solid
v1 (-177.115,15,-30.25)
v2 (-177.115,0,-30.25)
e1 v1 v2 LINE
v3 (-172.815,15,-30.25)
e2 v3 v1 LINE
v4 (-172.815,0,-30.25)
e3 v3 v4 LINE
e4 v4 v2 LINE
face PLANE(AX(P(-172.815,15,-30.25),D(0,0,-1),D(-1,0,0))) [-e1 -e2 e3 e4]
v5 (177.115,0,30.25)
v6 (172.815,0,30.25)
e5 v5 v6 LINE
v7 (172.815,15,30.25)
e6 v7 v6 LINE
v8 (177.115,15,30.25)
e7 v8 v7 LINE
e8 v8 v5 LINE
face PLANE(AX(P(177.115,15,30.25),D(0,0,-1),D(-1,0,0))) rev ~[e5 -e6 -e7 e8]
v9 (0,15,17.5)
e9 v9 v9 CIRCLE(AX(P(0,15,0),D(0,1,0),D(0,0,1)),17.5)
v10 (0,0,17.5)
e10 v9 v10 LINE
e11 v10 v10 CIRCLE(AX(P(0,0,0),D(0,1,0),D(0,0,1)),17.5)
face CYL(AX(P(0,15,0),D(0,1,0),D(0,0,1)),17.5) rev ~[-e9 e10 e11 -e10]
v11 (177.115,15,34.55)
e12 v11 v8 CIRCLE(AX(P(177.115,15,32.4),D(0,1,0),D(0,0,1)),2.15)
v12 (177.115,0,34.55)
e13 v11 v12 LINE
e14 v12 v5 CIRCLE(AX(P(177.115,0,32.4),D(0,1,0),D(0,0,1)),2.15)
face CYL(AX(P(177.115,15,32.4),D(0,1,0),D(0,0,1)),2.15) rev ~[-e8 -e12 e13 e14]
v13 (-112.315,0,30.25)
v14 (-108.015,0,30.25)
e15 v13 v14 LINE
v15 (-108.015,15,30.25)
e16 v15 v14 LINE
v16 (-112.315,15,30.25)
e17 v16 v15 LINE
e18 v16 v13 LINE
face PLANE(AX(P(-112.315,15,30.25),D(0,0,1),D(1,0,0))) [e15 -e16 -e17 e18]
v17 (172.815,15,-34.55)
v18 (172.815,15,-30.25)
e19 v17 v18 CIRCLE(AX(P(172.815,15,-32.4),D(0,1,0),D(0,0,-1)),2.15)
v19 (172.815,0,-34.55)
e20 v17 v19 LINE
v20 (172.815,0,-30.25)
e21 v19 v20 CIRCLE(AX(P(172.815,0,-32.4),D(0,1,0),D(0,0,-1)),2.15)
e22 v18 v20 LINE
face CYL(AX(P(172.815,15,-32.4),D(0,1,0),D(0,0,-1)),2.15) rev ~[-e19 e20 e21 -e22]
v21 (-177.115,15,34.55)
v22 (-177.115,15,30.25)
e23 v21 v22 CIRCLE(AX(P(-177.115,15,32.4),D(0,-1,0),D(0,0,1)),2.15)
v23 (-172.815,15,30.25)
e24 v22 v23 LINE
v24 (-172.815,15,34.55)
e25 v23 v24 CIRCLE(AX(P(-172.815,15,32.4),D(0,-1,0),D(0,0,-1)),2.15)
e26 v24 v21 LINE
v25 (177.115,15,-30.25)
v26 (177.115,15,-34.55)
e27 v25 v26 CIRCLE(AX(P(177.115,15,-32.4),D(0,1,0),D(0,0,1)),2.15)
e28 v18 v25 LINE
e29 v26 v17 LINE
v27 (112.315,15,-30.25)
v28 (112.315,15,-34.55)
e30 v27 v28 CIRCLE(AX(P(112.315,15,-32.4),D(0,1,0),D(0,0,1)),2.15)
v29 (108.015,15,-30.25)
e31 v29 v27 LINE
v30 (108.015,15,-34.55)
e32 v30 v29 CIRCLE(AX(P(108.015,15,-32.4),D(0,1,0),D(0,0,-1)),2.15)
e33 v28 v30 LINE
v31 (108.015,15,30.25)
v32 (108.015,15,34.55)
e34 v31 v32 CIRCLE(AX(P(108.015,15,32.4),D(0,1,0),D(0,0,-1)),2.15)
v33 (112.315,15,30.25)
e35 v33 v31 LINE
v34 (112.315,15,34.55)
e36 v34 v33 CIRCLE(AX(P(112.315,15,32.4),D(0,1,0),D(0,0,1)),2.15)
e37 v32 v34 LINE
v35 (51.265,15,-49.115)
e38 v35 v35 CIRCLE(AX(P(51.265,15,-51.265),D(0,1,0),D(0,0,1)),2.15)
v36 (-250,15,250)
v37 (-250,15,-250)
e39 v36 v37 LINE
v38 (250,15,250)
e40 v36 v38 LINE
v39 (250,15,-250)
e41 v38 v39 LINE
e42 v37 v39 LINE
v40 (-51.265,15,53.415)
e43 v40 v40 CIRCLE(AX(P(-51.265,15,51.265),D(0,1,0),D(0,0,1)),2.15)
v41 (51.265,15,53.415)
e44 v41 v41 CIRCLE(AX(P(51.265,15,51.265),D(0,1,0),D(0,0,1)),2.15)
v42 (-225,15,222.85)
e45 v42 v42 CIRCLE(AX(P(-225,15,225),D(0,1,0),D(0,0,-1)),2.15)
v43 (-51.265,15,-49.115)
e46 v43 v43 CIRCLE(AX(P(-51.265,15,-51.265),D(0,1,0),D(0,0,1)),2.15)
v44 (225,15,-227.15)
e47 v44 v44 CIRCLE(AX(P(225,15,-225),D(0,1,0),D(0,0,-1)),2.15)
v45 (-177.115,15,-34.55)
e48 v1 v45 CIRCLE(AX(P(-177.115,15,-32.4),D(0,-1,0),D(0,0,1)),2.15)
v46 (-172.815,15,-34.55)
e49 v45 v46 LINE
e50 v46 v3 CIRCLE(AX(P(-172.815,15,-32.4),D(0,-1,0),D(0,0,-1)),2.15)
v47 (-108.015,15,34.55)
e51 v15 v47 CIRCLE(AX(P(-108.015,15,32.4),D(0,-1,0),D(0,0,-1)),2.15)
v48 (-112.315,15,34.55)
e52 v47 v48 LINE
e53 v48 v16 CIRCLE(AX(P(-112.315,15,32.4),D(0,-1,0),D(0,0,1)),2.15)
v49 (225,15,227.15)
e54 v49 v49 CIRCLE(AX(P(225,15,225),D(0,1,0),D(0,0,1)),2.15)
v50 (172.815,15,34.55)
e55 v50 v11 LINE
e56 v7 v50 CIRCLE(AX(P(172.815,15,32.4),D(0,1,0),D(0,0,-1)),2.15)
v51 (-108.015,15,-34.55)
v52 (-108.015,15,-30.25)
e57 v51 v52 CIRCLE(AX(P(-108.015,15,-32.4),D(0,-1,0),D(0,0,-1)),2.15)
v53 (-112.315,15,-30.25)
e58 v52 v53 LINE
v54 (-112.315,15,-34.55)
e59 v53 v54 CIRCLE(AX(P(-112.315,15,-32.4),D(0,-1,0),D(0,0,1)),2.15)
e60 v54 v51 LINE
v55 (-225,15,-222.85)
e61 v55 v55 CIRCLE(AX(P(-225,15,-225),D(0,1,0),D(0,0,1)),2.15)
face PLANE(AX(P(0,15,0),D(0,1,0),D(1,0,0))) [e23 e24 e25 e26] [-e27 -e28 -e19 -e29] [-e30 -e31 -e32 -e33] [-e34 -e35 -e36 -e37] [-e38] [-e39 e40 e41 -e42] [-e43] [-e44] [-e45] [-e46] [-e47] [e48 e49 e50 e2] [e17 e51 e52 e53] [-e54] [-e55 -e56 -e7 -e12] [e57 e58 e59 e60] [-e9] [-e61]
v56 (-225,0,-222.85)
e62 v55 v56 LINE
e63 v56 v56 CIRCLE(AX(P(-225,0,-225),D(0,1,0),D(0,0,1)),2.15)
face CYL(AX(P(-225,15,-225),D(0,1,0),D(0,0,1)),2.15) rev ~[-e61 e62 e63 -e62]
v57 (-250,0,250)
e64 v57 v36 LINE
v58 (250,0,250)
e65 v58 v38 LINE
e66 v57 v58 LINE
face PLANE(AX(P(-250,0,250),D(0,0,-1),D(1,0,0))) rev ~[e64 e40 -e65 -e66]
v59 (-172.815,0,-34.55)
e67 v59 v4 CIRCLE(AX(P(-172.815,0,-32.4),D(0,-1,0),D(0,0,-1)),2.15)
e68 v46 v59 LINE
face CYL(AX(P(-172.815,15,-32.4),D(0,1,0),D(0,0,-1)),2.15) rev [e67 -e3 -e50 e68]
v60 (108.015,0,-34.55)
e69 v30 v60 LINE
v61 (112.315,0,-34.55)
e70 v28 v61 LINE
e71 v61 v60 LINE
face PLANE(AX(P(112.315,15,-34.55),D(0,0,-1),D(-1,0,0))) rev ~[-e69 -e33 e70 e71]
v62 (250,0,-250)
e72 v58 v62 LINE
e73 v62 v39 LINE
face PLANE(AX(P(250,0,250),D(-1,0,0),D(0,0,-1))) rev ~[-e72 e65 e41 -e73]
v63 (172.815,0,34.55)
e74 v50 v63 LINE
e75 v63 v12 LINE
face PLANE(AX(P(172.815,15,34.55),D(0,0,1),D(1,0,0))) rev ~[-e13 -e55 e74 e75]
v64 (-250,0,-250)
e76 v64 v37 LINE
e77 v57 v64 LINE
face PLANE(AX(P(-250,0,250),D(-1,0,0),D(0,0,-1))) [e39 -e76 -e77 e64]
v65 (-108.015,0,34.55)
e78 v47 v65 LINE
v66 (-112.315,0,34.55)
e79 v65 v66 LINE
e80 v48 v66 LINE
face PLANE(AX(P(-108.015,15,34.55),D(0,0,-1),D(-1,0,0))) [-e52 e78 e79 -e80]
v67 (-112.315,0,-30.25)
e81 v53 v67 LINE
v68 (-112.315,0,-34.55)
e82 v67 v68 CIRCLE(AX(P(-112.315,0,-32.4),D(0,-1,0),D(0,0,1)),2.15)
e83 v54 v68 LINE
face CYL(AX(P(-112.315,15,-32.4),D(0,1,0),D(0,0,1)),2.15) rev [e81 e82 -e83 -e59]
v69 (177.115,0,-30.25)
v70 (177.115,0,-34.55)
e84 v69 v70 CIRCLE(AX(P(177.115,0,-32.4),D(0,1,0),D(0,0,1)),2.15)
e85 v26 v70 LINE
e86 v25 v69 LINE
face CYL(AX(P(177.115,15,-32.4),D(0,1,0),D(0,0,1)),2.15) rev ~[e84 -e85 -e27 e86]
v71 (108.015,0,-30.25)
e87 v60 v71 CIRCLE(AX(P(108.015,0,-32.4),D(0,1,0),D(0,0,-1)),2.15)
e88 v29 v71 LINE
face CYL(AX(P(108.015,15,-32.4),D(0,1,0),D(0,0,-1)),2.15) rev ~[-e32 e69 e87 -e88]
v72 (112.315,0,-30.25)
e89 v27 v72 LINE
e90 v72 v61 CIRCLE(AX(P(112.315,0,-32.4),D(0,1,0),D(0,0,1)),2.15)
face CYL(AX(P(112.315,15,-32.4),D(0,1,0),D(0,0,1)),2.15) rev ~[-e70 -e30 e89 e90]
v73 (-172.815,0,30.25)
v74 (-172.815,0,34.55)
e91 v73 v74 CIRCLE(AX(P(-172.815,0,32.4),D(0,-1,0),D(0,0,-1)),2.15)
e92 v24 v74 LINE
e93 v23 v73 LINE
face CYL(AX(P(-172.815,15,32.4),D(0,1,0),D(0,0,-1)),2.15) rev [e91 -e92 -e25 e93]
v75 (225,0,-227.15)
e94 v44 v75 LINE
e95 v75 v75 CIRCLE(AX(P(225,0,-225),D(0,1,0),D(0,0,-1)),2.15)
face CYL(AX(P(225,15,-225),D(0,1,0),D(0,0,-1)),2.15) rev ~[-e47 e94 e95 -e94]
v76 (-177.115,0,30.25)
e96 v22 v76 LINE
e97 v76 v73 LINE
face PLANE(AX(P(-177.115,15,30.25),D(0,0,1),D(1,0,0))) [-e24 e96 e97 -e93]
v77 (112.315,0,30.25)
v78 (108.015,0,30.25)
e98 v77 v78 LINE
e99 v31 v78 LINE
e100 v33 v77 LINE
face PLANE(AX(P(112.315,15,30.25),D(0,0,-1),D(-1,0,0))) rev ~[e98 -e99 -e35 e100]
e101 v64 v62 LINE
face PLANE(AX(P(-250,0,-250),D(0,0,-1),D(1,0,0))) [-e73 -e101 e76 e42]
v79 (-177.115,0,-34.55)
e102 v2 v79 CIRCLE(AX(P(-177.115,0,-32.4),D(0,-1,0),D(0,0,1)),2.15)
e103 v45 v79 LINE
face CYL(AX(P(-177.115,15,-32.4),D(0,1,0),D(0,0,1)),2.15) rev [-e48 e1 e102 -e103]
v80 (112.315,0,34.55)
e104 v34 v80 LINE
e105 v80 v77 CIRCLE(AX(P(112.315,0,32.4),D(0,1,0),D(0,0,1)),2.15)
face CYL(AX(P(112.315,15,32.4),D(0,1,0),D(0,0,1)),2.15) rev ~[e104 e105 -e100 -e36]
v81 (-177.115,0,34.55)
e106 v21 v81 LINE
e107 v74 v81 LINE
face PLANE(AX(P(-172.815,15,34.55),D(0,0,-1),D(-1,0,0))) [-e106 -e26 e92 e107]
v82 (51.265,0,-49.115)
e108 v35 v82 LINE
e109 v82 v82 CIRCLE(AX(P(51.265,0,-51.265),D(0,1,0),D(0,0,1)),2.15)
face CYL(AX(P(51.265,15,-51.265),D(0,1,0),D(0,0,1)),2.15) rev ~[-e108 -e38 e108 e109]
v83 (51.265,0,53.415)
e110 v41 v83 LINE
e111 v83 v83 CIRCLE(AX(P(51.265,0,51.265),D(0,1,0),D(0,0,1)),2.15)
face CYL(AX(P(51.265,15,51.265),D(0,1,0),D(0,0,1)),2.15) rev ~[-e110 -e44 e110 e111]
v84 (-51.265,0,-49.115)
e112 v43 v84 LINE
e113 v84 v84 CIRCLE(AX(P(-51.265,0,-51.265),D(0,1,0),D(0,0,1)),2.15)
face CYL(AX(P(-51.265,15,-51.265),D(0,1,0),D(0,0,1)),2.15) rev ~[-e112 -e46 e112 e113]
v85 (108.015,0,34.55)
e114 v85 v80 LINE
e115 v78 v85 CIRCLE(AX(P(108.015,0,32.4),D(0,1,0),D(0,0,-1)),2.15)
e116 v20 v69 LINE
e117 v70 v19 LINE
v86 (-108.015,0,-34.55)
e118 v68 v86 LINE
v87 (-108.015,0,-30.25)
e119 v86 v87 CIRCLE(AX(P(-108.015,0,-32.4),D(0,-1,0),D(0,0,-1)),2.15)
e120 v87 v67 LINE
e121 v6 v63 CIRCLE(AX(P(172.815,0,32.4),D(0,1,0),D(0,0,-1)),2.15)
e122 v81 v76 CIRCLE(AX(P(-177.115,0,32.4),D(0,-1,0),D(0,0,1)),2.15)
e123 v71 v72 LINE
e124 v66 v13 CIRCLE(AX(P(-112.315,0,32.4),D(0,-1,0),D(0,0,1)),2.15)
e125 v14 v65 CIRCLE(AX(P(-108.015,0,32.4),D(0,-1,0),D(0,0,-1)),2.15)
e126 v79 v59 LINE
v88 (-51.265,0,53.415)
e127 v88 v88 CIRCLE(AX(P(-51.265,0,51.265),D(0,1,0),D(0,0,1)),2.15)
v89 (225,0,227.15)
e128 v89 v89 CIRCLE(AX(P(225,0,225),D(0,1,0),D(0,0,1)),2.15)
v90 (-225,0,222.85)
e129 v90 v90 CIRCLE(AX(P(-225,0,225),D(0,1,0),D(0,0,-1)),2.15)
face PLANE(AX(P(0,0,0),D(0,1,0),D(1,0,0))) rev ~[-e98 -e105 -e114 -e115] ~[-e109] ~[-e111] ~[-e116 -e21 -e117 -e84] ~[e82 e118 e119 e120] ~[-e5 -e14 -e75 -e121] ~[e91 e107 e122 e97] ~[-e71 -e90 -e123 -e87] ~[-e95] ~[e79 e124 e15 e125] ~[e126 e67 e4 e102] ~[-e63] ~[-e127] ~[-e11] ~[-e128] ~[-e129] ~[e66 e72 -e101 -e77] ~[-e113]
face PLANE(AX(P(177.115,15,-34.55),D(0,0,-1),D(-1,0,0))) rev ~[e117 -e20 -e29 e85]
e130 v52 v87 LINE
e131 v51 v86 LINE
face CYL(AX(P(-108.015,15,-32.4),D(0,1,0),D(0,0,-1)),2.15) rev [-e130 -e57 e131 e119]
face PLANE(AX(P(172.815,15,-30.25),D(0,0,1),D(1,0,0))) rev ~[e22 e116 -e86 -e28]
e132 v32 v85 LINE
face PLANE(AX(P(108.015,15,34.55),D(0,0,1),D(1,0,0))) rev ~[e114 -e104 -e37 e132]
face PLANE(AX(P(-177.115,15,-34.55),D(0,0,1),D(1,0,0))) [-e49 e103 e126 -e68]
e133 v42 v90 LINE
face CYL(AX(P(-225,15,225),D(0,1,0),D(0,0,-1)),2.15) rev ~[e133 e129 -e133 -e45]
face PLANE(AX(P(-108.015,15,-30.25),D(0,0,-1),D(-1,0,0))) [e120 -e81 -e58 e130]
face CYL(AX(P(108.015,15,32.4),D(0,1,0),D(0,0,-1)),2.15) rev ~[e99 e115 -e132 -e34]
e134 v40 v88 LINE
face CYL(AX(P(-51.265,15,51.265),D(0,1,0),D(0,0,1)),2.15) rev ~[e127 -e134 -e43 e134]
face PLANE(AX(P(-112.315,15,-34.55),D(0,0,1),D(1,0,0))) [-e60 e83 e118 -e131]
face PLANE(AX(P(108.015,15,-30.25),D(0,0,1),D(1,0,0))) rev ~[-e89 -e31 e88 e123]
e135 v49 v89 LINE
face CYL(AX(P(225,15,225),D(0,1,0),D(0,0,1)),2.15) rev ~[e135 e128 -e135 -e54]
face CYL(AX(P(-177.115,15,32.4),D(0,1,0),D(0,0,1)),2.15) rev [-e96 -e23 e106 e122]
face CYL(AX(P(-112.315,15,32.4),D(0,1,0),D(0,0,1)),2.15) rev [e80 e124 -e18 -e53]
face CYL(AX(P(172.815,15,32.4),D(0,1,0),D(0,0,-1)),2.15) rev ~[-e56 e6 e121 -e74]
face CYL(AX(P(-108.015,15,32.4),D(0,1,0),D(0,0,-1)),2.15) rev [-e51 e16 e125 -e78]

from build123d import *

# Parameters (mm, degrees)
CROQUIS1_W              = 500
CROQUIS1_H              = 500
SALIENTE_EXTRUIR1_DEPTH = 15
CROQUIS2_R              = 2.15
CORTAR_EXTRUIR1_DEPTH   = 15
CROQUIS3_R              = 2.15
CORTAR_EXTRUIR3_DEPTH   = 15
CROQUIS4_R              = 17.5
CORTAR_EXTRUIR4_DEPTH   = 40


with BuildPart() as part:
    # Croquis1 → Saliente-Extruir1 (new body)
    with BuildSketch(Plane(origin=(0, 0, 0), x_dir=(1, 0, 0), z_dir=(0, 1, 0))):
        Rectangle(CROQUIS1_W, CROQUIS1_H)
    extrude(amount=SALIENTE_EXTRUIR1_DEPTH)

    # Croquis2 → Cortar-Extruir1 (cut)
    with BuildSketch(Plane(origin=(0, 15, 0), x_dir=(1, 0, 0), z_dir=(0, 1, 0))):
        with Locations(Location((-225, 225, 0), (0, 0, 270))):
            Circle(CROQUIS2_R)
        with Locations(Location((225, 225, 0), (0, 0, 90))):
            Circle(CROQUIS2_R)
        with Locations(Location((225, -225, 0), (0, 0, 270))):
            Circle(CROQUIS2_R)
        with Locations(Location((-225, -225, 0), (0, 0, 90))):
            Circle(CROQUIS2_R)
    extrude(amount=-CORTAR_EXTRUIR1_DEPTH, mode=Mode.SUBTRACT)

    # Croquis3 → Cortar-Extruir3 (cut)
    with BuildSketch(Plane(origin=(0, 15, 0), x_dir=(1, 0, 0), z_dir=(0, 1, 0))):
        with Locations(Location((-51.265, 51.265, 0), (0, 0, 270))):
            Circle(CROQUIS3_R)
        with Locations(Location((-51.265, -51.265, 0), (0, 0, 270))):
            Circle(CROQUIS3_R)
        with Locations(Location((51.265, -51.265, 0), (0, 0, 270))):
            Circle(CROQUIS3_R)
        with Locations(Location((51.265, 51.265, 0), (0, 0, 270))):
            Circle(CROQUIS3_R)
        with BuildLine():
            Line((-177.115, 34.55), (-172.815, 34.55))
            ThreePointArc((-172.815, 34.55), (-170.665, 32.4), (-172.815, 30.25))
            Line((-172.815, 30.25), (-177.115, 30.25))
            ThreePointArc((-177.115, 30.25), (-179.265, 32.4), (-177.115, 34.55))
        make_face()
        with BuildLine():
            Line((-177.115, -30.25), (-172.815, -30.25))
            ThreePointArc((-172.815, -30.25), (-170.665, -32.4), (-172.815, -34.55))
            Line((-172.815, -34.55), (-177.115, -34.55))
            ThreePointArc((-177.115, -34.55), (-179.265, -32.4), (-177.115, -30.25))
        make_face()
        with BuildLine():
            Line((-112.315, -30.25), (-108.015, -30.25))
            ThreePointArc((-108.015, -30.25), (-105.865, -32.4), (-108.015, -34.55))
            Line((-108.015, -34.55), (-112.315, -34.55))
            ThreePointArc((-112.315, -34.55), (-114.465, -32.4), (-112.315, -30.25))
        make_face()
        with BuildLine():
            Line((-112.315, 34.55), (-108.015, 34.55))
            ThreePointArc((-108.015, 34.55), (-105.865, 32.4), (-108.015, 30.25))
            Line((-108.015, 30.25), (-112.315, 30.25))
            ThreePointArc((-112.315, 30.25), (-114.465, 32.4), (-112.315, 34.55))
        make_face()
        with BuildLine():
            Line((177.115, -30.25), (172.815, -30.25))
            ThreePointArc((172.815, -30.25), (170.665, -32.4), (172.815, -34.55))
            Line((172.815, -34.55), (177.115, -34.55))
            ThreePointArc((177.115, -34.55), (179.265, -32.4), (177.115, -30.25))
        make_face()
        with BuildLine():
            Line((177.115, 34.55), (172.815, 34.55))
            ThreePointArc((172.815, 34.55), (170.665, 32.4), (172.815, 30.25))
            Line((172.815, 30.25), (177.115, 30.25))
            ThreePointArc((177.115, 30.25), (179.265, 32.4), (177.115, 34.55))
        make_face()
        with BuildLine():
            Line((112.315, -30.25), (108.015, -30.25))
            ThreePointArc((108.015, -30.25), (105.865, -32.4), (108.015, -34.55))
            Line((108.015, -34.55), (112.315, -34.55))
            ThreePointArc((112.315, -34.55), (114.465, -32.4), (112.315, -30.25))
        make_face()
        with BuildLine():
            Line((112.315, 34.55), (108.015, 34.55))
            ThreePointArc((108.015, 34.55), (105.865, 32.4), (108.015, 30.25))
            Line((108.015, 30.25), (112.315, 30.25))
            ThreePointArc((112.315, 30.25), (114.465, 32.4), (112.315, 34.55))
        make_face()
    extrude(amount=-CORTAR_EXTRUIR3_DEPTH, mode=Mode.SUBTRACT)

    # Croquis4 → Cortar-Extruir4 (cut)
    with BuildSketch(Plane(origin=(0, 15, 0), x_dir=(1, 0, 0), z_dir=(0, 1, 0))):
        with Locations(Location((0, 0, 0), (0, 0, 270))):
            Circle(CROQUIS4_R)
    extrude(amount=-CORTAR_EXTRUIR4_DEPTH, mode=Mode.SUBTRACT)


solid = part.part
